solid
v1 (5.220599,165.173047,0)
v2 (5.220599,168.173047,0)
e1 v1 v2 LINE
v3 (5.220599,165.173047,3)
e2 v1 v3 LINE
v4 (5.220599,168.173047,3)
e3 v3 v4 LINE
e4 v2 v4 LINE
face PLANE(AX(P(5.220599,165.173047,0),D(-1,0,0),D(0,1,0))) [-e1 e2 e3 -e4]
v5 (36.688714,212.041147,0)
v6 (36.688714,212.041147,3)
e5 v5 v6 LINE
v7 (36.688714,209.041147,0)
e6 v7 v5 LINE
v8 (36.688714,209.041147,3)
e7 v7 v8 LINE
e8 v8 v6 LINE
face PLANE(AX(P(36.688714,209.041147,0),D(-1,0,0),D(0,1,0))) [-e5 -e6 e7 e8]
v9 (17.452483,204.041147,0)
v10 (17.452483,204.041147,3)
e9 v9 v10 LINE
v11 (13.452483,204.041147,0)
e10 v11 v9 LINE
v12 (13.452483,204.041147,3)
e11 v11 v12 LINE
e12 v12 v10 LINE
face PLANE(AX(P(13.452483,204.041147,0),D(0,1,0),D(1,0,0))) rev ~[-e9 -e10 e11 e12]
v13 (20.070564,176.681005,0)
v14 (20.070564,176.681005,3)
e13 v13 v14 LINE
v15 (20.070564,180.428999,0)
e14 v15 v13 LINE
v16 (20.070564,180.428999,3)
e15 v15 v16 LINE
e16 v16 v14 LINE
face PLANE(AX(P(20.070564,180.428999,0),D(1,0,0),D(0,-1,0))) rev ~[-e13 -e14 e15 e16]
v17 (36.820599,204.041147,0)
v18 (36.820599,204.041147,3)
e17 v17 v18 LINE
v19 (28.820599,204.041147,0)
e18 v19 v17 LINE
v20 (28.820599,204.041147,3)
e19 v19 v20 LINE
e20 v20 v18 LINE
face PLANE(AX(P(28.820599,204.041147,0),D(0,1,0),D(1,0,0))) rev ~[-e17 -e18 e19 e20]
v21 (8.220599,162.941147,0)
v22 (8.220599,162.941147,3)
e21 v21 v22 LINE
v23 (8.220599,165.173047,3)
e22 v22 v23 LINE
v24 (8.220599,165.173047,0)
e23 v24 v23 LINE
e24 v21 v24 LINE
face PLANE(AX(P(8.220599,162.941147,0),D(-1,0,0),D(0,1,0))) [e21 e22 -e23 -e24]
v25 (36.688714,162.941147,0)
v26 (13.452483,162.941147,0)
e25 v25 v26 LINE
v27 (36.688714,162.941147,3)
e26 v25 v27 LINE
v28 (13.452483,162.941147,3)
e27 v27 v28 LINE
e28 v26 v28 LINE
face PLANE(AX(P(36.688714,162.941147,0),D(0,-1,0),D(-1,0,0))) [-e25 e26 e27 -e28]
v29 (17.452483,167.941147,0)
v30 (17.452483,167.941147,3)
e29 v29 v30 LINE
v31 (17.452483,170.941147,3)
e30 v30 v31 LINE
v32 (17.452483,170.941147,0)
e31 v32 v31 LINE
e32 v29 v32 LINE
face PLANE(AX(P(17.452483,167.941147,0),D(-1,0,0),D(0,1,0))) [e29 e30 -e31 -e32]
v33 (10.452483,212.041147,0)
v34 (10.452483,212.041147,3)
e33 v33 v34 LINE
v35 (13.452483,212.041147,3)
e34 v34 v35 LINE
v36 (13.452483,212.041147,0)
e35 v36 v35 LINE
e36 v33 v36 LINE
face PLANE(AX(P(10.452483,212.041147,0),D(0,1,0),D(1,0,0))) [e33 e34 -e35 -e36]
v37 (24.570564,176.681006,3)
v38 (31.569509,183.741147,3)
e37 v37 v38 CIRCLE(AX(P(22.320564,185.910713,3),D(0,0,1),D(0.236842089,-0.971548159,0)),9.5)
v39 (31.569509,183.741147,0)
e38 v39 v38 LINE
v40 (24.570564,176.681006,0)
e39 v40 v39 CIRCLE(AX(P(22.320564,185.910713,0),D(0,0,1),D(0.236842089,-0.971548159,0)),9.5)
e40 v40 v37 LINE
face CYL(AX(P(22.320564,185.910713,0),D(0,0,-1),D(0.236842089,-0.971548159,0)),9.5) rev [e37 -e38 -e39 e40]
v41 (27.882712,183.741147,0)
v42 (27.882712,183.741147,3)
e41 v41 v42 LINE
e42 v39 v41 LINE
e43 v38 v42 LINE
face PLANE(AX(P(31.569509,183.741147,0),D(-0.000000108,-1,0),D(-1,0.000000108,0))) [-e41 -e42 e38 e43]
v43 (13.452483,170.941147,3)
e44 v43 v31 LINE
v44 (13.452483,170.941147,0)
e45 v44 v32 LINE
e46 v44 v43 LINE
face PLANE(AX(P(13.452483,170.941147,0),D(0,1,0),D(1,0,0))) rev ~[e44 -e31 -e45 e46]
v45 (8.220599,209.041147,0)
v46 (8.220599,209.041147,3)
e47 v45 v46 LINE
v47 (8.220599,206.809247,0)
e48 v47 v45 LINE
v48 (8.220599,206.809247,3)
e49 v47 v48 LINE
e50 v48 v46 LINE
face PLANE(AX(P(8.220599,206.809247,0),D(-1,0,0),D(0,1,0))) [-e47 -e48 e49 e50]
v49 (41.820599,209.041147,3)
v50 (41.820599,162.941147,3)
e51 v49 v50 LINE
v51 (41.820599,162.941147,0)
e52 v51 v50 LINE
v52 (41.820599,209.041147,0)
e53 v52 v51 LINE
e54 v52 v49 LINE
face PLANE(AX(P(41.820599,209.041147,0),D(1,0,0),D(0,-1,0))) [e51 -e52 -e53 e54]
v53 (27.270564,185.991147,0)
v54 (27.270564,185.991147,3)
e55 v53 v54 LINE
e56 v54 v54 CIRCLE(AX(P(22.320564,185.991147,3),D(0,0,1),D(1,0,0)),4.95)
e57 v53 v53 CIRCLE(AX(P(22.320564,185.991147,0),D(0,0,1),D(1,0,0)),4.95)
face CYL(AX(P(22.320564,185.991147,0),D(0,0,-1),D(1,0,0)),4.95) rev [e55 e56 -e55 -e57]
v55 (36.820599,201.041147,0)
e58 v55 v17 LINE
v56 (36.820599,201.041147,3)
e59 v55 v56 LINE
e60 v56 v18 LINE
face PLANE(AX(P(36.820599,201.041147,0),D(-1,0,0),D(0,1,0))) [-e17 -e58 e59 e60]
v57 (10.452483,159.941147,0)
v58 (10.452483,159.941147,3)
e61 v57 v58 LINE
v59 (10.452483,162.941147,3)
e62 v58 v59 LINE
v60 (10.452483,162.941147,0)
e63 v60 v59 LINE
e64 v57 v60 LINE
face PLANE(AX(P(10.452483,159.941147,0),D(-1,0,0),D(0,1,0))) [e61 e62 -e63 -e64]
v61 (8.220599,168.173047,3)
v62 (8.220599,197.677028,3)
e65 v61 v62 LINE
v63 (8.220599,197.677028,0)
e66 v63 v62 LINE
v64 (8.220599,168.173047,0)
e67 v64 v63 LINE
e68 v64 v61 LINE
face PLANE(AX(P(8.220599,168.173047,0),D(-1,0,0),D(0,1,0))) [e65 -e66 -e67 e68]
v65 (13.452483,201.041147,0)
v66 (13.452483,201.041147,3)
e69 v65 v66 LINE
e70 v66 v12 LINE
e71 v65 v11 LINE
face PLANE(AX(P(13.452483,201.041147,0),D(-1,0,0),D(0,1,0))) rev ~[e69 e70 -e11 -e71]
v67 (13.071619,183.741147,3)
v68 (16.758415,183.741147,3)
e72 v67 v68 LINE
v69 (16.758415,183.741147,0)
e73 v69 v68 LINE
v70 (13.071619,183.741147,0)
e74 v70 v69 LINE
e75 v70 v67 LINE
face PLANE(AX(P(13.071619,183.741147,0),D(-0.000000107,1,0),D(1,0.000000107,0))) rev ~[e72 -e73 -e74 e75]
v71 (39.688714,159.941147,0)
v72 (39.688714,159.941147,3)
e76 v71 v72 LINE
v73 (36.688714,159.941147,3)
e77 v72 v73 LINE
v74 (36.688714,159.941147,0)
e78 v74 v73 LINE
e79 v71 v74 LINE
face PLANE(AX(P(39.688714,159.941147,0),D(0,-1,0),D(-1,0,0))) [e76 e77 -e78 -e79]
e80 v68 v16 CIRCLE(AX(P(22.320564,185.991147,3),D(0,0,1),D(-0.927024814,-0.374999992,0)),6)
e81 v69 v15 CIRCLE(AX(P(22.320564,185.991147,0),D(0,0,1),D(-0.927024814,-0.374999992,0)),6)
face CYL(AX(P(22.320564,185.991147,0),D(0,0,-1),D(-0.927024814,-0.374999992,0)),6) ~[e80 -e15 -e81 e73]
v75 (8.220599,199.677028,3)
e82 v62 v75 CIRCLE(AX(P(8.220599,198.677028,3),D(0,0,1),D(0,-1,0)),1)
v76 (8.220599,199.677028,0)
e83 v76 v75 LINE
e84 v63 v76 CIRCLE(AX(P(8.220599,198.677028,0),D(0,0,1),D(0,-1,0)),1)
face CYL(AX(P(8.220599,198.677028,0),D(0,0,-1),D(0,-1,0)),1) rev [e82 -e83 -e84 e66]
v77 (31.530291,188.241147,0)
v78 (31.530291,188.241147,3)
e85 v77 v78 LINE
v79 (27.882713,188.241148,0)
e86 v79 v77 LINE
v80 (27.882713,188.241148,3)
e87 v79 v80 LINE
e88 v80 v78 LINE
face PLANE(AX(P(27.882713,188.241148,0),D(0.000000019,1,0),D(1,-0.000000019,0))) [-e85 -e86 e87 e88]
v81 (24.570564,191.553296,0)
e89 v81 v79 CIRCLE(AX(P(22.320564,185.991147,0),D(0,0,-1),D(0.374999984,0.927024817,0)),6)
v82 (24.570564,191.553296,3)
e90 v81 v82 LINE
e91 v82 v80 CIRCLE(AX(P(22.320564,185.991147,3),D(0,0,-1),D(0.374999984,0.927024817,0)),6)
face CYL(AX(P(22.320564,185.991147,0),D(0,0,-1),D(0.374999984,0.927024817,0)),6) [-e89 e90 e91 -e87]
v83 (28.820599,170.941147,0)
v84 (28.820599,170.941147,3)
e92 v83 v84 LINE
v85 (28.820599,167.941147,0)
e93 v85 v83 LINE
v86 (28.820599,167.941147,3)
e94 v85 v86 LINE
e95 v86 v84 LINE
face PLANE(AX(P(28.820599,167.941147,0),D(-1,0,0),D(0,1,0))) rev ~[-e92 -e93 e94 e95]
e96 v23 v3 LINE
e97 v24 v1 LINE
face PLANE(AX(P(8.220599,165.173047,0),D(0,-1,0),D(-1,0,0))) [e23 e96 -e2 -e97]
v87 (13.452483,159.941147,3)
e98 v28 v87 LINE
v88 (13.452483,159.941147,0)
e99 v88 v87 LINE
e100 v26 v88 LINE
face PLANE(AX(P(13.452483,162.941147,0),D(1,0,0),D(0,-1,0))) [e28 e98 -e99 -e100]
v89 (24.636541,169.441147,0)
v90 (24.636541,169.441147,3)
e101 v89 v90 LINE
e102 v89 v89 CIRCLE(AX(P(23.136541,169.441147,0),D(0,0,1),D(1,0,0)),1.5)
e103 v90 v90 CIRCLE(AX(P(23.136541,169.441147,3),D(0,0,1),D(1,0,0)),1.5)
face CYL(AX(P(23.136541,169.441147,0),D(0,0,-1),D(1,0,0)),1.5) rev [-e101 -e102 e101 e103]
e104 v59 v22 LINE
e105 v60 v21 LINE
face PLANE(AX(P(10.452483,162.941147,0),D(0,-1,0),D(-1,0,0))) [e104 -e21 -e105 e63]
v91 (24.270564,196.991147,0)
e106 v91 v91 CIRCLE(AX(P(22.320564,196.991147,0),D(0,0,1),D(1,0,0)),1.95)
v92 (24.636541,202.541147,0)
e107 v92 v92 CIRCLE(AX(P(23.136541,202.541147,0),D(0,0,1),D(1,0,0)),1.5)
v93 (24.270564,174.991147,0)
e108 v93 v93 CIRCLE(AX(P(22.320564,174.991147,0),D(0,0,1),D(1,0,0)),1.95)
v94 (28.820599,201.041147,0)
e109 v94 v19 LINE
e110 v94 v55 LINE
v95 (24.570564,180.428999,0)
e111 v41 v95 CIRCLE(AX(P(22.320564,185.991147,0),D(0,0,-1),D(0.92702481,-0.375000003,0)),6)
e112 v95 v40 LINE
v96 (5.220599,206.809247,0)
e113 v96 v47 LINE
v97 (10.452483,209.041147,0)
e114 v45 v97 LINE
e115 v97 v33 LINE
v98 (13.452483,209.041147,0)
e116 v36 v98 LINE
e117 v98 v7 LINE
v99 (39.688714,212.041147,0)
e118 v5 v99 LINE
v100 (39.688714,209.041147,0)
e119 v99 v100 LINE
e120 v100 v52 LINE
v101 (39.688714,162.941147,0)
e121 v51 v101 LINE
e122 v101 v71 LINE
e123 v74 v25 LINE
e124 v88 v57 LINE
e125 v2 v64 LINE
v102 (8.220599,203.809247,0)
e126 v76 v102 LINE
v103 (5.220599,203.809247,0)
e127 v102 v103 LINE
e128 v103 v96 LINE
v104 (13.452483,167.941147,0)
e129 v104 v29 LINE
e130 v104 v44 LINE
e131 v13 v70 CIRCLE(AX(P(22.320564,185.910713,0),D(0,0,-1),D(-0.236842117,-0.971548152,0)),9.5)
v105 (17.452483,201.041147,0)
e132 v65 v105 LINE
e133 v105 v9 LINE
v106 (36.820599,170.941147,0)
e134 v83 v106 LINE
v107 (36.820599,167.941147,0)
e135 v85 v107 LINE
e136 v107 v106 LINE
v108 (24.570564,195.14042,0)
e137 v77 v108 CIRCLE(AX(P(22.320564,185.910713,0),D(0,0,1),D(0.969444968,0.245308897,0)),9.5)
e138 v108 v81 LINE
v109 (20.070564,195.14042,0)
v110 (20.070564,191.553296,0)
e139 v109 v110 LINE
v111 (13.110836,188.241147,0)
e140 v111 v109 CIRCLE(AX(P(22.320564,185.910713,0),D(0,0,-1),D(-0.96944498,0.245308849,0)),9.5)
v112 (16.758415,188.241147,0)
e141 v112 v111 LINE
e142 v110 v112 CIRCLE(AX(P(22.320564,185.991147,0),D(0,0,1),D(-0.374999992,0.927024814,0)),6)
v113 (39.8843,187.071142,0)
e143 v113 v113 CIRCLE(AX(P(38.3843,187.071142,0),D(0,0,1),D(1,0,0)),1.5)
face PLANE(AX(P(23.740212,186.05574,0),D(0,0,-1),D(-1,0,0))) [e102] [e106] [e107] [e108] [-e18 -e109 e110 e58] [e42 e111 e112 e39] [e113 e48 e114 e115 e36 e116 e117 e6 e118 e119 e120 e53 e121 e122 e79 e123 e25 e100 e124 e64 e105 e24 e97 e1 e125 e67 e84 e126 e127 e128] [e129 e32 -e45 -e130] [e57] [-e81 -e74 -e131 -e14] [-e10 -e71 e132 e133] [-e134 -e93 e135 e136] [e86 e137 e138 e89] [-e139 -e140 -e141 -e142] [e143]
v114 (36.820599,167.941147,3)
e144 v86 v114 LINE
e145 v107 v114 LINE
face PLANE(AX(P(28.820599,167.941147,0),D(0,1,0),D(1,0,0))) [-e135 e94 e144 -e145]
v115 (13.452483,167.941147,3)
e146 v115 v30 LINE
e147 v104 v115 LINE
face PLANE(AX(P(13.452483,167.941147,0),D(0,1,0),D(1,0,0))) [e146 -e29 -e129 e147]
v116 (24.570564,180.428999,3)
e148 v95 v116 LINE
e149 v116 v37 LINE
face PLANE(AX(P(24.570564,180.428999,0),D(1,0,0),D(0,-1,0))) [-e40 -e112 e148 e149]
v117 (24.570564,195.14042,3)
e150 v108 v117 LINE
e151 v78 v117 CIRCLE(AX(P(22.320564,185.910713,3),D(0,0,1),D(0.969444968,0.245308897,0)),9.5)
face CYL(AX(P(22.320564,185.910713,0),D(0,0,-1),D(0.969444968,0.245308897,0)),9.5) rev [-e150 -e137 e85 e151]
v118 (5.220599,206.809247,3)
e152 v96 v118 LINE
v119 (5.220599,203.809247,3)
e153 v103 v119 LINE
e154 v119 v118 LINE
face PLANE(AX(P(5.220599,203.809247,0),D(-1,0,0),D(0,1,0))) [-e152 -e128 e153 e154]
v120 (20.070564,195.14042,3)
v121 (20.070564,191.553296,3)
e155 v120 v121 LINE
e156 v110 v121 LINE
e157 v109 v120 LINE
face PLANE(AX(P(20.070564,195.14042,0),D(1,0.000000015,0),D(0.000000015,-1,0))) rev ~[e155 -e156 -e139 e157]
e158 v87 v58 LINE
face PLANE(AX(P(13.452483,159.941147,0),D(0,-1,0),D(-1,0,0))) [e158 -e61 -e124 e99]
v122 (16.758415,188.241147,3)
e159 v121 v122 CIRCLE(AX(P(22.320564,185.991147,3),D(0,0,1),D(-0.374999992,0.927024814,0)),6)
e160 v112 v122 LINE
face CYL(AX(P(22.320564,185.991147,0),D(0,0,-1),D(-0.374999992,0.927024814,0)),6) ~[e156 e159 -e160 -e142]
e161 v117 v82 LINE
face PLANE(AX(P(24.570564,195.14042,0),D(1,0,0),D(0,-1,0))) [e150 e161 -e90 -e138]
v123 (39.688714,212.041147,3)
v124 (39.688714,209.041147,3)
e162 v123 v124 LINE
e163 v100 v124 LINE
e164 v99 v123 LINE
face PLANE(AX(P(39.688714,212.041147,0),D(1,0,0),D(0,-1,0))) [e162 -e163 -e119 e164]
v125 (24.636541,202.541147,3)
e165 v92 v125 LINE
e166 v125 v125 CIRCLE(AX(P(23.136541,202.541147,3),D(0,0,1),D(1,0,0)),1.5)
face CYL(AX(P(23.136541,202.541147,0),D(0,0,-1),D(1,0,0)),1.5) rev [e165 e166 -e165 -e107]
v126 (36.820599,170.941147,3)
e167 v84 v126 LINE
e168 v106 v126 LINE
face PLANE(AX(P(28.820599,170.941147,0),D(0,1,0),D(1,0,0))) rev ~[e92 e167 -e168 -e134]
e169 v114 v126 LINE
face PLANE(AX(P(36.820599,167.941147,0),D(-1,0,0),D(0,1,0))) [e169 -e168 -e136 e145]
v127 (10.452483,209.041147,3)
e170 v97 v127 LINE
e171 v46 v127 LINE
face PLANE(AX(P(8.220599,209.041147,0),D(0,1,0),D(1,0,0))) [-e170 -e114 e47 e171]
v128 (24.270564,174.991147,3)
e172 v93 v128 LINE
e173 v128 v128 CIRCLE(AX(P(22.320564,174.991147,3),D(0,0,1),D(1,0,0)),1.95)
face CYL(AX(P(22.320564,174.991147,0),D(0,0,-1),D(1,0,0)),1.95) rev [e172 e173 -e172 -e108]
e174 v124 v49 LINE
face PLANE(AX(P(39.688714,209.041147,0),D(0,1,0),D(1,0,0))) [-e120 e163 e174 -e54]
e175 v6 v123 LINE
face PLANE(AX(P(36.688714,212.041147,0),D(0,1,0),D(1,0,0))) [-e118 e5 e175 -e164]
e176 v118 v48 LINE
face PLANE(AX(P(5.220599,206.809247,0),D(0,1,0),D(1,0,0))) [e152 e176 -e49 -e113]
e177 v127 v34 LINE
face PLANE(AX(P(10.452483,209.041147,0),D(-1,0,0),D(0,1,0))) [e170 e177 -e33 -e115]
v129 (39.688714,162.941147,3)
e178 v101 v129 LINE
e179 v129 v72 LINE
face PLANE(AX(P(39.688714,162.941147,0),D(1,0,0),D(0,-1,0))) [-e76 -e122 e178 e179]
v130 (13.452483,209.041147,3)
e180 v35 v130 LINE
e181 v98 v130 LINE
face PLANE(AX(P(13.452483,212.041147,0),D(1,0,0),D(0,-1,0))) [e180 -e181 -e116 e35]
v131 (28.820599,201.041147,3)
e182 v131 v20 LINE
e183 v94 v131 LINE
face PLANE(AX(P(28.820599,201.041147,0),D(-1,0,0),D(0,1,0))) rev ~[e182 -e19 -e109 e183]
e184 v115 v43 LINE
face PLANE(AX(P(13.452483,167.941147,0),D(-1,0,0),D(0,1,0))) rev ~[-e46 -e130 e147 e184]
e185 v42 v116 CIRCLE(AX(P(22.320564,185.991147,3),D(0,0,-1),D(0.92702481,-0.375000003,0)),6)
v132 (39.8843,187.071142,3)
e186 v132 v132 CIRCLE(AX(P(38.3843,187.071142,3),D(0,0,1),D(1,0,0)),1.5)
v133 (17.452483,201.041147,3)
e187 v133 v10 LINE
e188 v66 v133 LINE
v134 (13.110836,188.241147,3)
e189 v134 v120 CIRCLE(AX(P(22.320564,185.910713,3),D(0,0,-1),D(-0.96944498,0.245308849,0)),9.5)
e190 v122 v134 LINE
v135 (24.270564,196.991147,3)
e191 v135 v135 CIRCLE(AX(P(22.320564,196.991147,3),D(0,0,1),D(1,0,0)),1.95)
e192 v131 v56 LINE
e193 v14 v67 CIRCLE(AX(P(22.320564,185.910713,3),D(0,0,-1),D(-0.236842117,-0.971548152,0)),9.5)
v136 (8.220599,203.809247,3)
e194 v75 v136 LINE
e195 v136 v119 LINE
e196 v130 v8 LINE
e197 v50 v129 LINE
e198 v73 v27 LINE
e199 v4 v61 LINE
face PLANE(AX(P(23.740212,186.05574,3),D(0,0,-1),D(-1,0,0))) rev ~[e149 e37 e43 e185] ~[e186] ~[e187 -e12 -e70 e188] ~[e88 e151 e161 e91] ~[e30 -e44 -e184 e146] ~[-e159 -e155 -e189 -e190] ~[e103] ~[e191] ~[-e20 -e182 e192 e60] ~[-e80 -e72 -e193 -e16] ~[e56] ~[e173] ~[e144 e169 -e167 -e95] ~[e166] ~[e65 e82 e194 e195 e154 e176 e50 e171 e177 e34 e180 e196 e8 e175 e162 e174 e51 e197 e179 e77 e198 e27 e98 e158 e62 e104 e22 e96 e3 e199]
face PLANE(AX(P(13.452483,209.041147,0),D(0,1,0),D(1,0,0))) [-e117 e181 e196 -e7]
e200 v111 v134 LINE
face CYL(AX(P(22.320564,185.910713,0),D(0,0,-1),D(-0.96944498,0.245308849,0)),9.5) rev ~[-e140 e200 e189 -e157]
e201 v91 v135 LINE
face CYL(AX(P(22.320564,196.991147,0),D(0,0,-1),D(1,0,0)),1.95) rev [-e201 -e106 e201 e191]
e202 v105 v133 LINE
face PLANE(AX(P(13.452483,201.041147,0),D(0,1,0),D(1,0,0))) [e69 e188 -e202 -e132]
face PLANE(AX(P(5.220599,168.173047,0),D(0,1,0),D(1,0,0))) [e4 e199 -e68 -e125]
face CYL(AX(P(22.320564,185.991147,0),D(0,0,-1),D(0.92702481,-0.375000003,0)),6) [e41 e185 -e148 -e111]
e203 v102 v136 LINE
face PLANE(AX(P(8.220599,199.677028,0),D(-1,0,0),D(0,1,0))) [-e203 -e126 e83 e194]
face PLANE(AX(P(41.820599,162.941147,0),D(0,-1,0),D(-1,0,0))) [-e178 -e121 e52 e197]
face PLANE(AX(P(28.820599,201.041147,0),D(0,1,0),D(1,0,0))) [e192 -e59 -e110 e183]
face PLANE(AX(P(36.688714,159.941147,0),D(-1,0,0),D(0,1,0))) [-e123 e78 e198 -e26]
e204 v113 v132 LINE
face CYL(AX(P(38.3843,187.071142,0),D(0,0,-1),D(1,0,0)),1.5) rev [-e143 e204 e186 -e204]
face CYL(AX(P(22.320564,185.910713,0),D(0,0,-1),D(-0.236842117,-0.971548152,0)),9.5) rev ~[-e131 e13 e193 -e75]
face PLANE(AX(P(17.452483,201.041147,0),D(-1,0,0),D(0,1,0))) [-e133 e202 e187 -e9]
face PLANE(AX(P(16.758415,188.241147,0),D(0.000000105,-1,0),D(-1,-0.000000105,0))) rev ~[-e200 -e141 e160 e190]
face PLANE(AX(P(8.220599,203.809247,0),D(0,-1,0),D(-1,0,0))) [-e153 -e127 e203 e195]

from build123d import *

# Parameters (mm, degrees)
SKETCH1_R           = 1.95
SKETCH1_R_2         = 4.95
SKETCH1_R_3         = 1.5
SKETCH1_W           = 4
SKETCH1_H           = 3
SKETCH1_W_2         = 8
BOSS_EXTRUDE1_DEPTH = 3


with BuildPart() as part:
    # Sketch1 → Boss-Extrude1 (new body)
    with BuildSketch(Plane.XY):
        with BuildLine():
            Line((10.452483063, 212.041147496), (13.452483063, 212.041147496))
            Line((13.452483063, 212.041147496), (13.452483063, 209.041147496))
            Line((13.452483063, 209.041147496), (36.688713563, 209.041147496))
            Line((36.688713563, 209.041147496), (36.688713563, 212.041147496))
            Line((36.688713563, 212.041147496), (39.688713563, 212.041147496))
            Line((39.688713563, 212.041147496), (39.688713563, 209.041147496))
            Line((39.688713563, 209.041147496), (41.820598563, 209.041147496))
            Line((41.820598563, 209.041147496), (41.820598563, 162.941147496))
            Line((41.820598563, 162.941147496), (39.688713563, 162.941147496))
            Line((39.688713563, 162.941147496), (39.688713563, 159.941147496))
            Line((39.688713563, 159.941147496), (36.688713563, 159.941147496))
            Line((36.688713563, 159.941147496), (36.688713563, 162.941147496))
            Line((36.688713563, 162.941147496), (13.452483063, 162.941147496))
            Line((13.452483063, 162.941147496), (13.452483063, 159.941147496))
            Line((13.452483063, 159.941147496), (10.452483063, 159.941147496))
            Line((10.452483063, 159.941147496), (10.452483063, 162.941147496))
            Line((10.452483063, 162.941147496), (8.220599063, 162.941147496))
            Line((8.220599063, 162.941147496), (8.220599063, 165.173047496))
            Line((8.220599063, 165.173047496), (5.220599063, 165.173047496))
            Line((5.220599063, 165.173047496), (5.220599063, 168.173047496))
            Line((5.220599063, 168.173047496), (8.220599063, 168.173047496))
            Line((8.220599063, 168.173047496), (8.220599063, 197.67702847))
            ThreePointArc((8.220599063, 197.67702847), (9.220599063, 198.67702847), (8.220599063, 199.67702847))
            Line((8.220599063, 199.67702847), (8.220599063, 203.809247496))
            Line((8.220599063, 203.809247496), (5.220599063, 203.809247496))
            Line((5.220599063, 203.809247496), (5.220599063, 206.809247496))
            Line((5.220599063, 206.809247496), (8.220599063, 206.809247496))
            Line((8.220599063, 206.809247496), (8.220599063, 209.041147496))
            Line((8.220599063, 209.041147496), (10.452483063, 209.041147496))
            Line((10.452483063, 209.041147496), (10.452483063, 212.041147496))
        make_face()
        with Locations((22.320563722, 174.991147496)):
            Circle(SKETCH1_R, mode=Mode.SUBTRACT)
        with Locations((22.320563722, 196.991147496)):
            Circle(SKETCH1_R, mode=Mode.SUBTRACT)
        with Locations((22.320563664, 185.991147472)):
            Circle(SKETCH1_R_2, mode=Mode.SUBTRACT)
        with Locations((23.136540813, 202.541147496)):
            Circle(SKETCH1_R_3, mode=Mode.SUBTRACT)
        with Locations((23.136540813, 169.441147496)):
            Circle(SKETCH1_R_3, mode=Mode.SUBTRACT)
        with Locations((38.384299654, 187.07114189)):
            Circle(SKETCH1_R_3, mode=Mode.SUBTRACT)
        with BuildLine():
            Line((24.570563601, 195.140420085), (24.570563601, 191.553296454))
            ThreePointArc((24.570563601, 191.553296454), (26.563204369, 190.233788261), (27.882712601, 188.241147519))
            Line((27.882712601, 188.241147519), (31.530290537, 188.241147451))
            ThreePointArc((31.530290537, 188.241147451), (29.008711809, 192.657465398), (24.570563601, 195.140420085))
        make_face(mode=Mode.SUBTRACT)
        with BuildLine():
            Line((24.570563644, 180.428998653), (24.570563644, 176.681005512))
            ThreePointArc((24.570563644, 176.681005512), (29.067254316, 179.222501964), (31.569508813, 183.741147077))
            Line((31.569508813, 183.741147077), (27.882712476, 183.741147475))
            ThreePointArc((27.882712476, 183.741147475), (26.563204309, 181.748506814), (24.570563644, 180.428998653))
        make_face(mode=Mode.SUBTRACT)
        with BuildLine():
            Line((20.070563652, 195.14042048), (20.070563706, 191.55329637))
            ThreePointArc((20.070563706, 191.55329637), (18.077922992, 190.233788194), (16.758414793, 188.241147496))
            Line((16.758414793, 188.241147496), (13.110836488, 188.241147112))
            ThreePointArc((13.110836488, 188.241147112), (15.632415205, 192.657465481), (20.070563652, 195.14042048))
        make_face(mode=Mode.SUBTRACT)
        with BuildLine():
            Line((20.070563635, 180.428998551), (20.070563635, 176.68100541))
            ThreePointArc((20.070563635, 176.68100541), (15.573873029, 179.222501964), (13.071618593, 183.741147101))
            Line((13.071618593, 183.741147101), (16.758414722, 183.741147496))
            ThreePointArc((16.758414722, 183.741147496), (18.077922913, 181.748506761), (20.070563635, 180.428998551))
        make_face(mode=Mode.SUBTRACT)
        with Locations((15.452483063, 202.541147496)):
            Rectangle(SKETCH1_W, SKETCH1_H, mode=Mode.SUBTRACT)
        with Locations((32.820598563, 202.541147496)):
            Rectangle(SKETCH1_W_2, SKETCH1_H, mode=Mode.SUBTRACT)
        with Locations((15.452483063, 169.441147496)):
            Rectangle(SKETCH1_W, SKETCH1_H, mode=Mode.SUBTRACT)
        with Locations((32.820598563, 169.441147496)):
            Rectangle(SKETCH1_W_2, SKETCH1_H, mode=Mode.SUBTRACT)
    extrude(amount=BOSS_EXTRUDE1_DEPTH)


solid = part.part
